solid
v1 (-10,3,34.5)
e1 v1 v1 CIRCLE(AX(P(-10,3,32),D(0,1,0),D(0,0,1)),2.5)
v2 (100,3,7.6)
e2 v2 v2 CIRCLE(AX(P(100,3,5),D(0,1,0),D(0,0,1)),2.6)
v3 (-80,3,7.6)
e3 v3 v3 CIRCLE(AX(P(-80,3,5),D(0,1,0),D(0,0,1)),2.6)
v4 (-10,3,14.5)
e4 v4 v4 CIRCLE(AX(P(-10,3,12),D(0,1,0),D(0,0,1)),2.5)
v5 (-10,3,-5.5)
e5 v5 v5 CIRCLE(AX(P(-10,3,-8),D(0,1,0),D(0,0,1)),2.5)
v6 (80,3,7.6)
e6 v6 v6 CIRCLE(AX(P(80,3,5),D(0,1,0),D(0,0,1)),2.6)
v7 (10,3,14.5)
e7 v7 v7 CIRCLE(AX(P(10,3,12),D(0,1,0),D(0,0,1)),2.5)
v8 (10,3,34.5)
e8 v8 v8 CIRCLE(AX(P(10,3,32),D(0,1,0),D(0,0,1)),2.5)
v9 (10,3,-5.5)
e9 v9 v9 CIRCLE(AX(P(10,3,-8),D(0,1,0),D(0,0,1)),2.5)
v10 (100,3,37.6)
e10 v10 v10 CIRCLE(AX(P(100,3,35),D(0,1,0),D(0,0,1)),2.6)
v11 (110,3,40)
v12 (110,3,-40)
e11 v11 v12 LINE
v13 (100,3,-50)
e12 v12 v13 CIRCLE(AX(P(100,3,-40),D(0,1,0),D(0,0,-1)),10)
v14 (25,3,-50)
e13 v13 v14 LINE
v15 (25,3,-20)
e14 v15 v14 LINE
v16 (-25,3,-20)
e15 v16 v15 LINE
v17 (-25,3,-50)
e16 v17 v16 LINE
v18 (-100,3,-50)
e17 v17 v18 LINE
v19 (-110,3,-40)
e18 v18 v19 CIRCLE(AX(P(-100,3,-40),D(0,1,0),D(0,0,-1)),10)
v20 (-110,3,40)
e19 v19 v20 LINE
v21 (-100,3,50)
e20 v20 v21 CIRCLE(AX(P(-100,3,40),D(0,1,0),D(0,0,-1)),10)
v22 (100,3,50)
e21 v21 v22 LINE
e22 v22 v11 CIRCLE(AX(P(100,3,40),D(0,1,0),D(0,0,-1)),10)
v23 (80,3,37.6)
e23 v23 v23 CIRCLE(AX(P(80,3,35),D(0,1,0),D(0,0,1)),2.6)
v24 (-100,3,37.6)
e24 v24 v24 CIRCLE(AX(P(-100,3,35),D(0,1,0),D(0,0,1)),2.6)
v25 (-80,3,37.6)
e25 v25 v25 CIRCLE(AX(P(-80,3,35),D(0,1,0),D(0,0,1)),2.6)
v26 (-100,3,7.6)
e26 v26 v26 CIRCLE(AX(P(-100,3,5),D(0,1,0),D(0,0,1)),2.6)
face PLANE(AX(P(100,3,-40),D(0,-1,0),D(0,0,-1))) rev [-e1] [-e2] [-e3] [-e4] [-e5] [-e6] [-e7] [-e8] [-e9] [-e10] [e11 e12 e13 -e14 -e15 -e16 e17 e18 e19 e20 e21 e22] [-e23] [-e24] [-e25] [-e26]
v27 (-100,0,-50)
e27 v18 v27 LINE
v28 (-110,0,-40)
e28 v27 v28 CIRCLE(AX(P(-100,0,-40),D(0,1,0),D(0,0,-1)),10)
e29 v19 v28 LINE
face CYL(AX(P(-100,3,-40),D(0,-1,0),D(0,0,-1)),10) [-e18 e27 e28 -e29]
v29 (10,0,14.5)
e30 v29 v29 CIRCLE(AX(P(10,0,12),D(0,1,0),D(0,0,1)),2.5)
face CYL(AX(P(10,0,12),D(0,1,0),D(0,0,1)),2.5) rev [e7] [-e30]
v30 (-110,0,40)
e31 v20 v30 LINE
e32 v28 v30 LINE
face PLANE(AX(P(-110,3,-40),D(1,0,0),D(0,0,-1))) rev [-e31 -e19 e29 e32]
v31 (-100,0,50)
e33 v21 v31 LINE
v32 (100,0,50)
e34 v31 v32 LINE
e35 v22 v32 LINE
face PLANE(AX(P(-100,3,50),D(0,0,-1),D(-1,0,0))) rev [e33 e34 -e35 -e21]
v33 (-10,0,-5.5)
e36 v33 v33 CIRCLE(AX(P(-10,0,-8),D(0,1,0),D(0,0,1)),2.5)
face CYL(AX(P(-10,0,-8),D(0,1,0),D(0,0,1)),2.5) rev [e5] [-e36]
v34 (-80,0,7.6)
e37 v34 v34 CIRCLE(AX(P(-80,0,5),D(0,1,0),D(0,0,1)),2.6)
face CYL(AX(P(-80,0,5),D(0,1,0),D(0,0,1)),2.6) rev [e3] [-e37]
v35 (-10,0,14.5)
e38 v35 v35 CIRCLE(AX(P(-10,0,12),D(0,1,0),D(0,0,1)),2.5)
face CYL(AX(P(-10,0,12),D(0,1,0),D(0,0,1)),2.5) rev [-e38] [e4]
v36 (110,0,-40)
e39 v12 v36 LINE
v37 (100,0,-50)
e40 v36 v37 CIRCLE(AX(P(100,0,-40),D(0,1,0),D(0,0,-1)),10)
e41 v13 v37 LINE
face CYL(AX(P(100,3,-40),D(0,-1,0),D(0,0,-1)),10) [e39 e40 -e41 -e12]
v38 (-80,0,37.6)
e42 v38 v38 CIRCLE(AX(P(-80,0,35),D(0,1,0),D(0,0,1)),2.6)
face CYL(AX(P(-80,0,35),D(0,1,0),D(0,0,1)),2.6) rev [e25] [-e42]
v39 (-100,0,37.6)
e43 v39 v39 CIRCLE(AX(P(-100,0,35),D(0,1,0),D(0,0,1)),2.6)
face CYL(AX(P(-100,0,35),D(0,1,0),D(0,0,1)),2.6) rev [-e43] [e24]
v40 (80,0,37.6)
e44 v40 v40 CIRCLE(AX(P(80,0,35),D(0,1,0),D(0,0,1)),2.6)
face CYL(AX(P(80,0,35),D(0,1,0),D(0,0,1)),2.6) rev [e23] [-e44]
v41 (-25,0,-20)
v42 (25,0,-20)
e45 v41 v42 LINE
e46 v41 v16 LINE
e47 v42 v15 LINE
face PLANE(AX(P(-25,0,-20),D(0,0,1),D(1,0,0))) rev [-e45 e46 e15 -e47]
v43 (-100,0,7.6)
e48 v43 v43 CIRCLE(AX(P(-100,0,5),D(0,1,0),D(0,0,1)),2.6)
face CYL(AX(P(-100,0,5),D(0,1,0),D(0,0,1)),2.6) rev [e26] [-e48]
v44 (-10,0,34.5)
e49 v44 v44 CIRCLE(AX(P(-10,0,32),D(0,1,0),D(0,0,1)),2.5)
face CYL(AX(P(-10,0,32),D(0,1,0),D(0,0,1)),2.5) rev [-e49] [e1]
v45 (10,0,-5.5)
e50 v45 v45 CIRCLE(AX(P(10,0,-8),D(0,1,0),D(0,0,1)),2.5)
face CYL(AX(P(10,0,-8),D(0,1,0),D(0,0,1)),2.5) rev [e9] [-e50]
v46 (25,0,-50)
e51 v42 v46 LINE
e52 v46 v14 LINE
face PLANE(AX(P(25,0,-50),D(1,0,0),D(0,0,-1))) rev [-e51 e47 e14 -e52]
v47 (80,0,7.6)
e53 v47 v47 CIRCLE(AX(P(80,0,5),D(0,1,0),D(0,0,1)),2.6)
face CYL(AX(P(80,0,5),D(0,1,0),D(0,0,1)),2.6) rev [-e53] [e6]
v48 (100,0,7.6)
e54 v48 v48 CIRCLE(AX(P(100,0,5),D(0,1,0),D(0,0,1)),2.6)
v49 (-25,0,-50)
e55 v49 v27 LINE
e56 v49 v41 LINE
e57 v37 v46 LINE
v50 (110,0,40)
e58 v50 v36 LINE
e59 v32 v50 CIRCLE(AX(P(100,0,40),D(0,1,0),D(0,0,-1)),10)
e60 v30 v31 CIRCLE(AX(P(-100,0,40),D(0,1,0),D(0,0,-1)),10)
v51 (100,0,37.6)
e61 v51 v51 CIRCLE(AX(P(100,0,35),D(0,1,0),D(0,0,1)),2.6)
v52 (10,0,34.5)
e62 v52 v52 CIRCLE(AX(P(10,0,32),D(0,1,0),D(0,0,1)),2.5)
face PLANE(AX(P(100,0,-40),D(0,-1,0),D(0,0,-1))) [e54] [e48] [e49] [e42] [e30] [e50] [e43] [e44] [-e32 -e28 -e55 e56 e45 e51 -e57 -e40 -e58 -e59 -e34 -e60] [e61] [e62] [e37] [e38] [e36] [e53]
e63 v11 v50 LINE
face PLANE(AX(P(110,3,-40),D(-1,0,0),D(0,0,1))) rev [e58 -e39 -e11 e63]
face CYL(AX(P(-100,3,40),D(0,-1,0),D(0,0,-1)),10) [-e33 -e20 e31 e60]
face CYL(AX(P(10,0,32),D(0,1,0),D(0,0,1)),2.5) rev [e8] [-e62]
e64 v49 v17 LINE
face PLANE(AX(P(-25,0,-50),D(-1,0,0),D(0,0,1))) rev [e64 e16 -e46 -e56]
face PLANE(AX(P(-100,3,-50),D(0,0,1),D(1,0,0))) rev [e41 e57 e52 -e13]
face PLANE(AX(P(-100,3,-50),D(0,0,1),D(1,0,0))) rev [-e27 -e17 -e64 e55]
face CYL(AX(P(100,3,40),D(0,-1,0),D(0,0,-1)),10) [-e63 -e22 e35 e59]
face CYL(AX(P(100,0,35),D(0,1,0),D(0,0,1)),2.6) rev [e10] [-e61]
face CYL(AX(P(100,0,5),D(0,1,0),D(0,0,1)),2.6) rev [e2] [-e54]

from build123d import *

# Parameters (mm, degrees)
EXTRUDE_268_DEPTH      = 3
SKETCH_2_W             = 50
SKETCH_2_H             = 30
CUT_EXTRUDE_486_DEPTH  = 121.867696263
SKETCH_3_R             = 2.5
CUT_EXTRUDE_744_DEPTH  = 121.867696263
SKETCH_4_R             = 2.6
CUT_EXTRUDE_1056_DEPTH = 121.867696263


with BuildPart() as part:
    # 草图1 → Extrude 268 (new body)
    with BuildSketch(Plane(origin=(0, 0, 0), x_dir=(1, 0, 0), z_dir=(0, 1, 0))):
        with BuildLine():
            Line((-100, 50), (100, 50))
            ThreePointArc((100, 50), (107.071067812, 47.071067812), (110, 40))
            Line((110, 40), (110, -40))
            ThreePointArc((110, -40), (107.071067812, -47.071067812), (100, -50))
            Line((100, -50), (-100, -50))
            ThreePointArc((-100, -50), (-107.071067812, -47.071067812), (-110, -40))
            Line((-110, -40), (-110, 40))
            ThreePointArc((-110, 40), (-107.071067812, 47.071067812), (-100, 50))
        make_face()
    extrude(amount=EXTRUDE_268_DEPTH)

    # 草图2 → Cut-Extrude 486 (cut, through all)
    with BuildSketch(Plane(origin=(0, 3, 0), x_dir=(1, 0, 0), z_dir=(0, 1, 0))):
        with Locations((0, 35)):
            Rectangle(SKETCH_2_W, SKETCH_2_H)
    extrude(amount=-CUT_EXTRUDE_486_DEPTH, mode=Mode.SUBTRACT)

    # 草图3 → Cut-Extrude 744 (cut, through all)
    with BuildSketch(Plane(origin=(0, 3, 0), x_dir=(1, 0, 0), z_dir=(0, 1, 0))):
        with Locations(Location((10, 8, 0), (0, 0, 270))):
            Circle(SKETCH_3_R)
        with Locations(Location((10, -12, 0), (0, 0, 270))):
            Circle(SKETCH_3_R)
        with Locations(Location((10, -32, 0), (0, 0, 270))):
            Circle(SKETCH_3_R)
        with Locations(Location((-10, -32, 0), (0, 0, 270))):
            Circle(SKETCH_3_R)
        with Locations(Location((-10, -12, 0), (0, 0, 270))):
            Circle(SKETCH_3_R)
        with Locations(Location((-10, 8, 0), (0, 0, 270))):
            Circle(SKETCH_3_R)
    extrude(amount=-CUT_EXTRUDE_744_DEPTH, mode=Mode.SUBTRACT)

    # 草图4 → Cut-Extrude 1056 (cut, through all)
    with BuildSketch(Plane(origin=(0, 3, 0), x_dir=(1, 0, 0), z_dir=(0, 1, 0))):
        with Locations(Location((100, -35, 0), (0, 0, 270))):
            Circle(SKETCH_4_R)
        with Locations(Location((80, -35, 0), (0, 0, 270))):
            Circle(SKETCH_4_R)
        with Locations(Location((100, -5, 0), (0, 0, 270))):
            Circle(SKETCH_4_R)
        with Locations(Location((80, -5, 0), (0, 0, 270))):
            Circle(SKETCH_4_R)
        with Locations(Location((-100, -35, 0), (0, 0, 270))):
            Circle(SKETCH_4_R)
        with Locations(Location((-100, -5, 0), (0, 0, 270))):
            Circle(SKETCH_4_R)
        with Locations(Location((-80, -35, 0), (0, 0, 270))):
            Circle(SKETCH_4_R)
        with Locations(Location((-80, -5, 0), (0, 0, 270))):
            Circle(SKETCH_4_R)
    extrude(amount=-CUT_EXTRUDE_1056_DEPTH, mode=Mode.SUBTRACT)


solid = part.part
